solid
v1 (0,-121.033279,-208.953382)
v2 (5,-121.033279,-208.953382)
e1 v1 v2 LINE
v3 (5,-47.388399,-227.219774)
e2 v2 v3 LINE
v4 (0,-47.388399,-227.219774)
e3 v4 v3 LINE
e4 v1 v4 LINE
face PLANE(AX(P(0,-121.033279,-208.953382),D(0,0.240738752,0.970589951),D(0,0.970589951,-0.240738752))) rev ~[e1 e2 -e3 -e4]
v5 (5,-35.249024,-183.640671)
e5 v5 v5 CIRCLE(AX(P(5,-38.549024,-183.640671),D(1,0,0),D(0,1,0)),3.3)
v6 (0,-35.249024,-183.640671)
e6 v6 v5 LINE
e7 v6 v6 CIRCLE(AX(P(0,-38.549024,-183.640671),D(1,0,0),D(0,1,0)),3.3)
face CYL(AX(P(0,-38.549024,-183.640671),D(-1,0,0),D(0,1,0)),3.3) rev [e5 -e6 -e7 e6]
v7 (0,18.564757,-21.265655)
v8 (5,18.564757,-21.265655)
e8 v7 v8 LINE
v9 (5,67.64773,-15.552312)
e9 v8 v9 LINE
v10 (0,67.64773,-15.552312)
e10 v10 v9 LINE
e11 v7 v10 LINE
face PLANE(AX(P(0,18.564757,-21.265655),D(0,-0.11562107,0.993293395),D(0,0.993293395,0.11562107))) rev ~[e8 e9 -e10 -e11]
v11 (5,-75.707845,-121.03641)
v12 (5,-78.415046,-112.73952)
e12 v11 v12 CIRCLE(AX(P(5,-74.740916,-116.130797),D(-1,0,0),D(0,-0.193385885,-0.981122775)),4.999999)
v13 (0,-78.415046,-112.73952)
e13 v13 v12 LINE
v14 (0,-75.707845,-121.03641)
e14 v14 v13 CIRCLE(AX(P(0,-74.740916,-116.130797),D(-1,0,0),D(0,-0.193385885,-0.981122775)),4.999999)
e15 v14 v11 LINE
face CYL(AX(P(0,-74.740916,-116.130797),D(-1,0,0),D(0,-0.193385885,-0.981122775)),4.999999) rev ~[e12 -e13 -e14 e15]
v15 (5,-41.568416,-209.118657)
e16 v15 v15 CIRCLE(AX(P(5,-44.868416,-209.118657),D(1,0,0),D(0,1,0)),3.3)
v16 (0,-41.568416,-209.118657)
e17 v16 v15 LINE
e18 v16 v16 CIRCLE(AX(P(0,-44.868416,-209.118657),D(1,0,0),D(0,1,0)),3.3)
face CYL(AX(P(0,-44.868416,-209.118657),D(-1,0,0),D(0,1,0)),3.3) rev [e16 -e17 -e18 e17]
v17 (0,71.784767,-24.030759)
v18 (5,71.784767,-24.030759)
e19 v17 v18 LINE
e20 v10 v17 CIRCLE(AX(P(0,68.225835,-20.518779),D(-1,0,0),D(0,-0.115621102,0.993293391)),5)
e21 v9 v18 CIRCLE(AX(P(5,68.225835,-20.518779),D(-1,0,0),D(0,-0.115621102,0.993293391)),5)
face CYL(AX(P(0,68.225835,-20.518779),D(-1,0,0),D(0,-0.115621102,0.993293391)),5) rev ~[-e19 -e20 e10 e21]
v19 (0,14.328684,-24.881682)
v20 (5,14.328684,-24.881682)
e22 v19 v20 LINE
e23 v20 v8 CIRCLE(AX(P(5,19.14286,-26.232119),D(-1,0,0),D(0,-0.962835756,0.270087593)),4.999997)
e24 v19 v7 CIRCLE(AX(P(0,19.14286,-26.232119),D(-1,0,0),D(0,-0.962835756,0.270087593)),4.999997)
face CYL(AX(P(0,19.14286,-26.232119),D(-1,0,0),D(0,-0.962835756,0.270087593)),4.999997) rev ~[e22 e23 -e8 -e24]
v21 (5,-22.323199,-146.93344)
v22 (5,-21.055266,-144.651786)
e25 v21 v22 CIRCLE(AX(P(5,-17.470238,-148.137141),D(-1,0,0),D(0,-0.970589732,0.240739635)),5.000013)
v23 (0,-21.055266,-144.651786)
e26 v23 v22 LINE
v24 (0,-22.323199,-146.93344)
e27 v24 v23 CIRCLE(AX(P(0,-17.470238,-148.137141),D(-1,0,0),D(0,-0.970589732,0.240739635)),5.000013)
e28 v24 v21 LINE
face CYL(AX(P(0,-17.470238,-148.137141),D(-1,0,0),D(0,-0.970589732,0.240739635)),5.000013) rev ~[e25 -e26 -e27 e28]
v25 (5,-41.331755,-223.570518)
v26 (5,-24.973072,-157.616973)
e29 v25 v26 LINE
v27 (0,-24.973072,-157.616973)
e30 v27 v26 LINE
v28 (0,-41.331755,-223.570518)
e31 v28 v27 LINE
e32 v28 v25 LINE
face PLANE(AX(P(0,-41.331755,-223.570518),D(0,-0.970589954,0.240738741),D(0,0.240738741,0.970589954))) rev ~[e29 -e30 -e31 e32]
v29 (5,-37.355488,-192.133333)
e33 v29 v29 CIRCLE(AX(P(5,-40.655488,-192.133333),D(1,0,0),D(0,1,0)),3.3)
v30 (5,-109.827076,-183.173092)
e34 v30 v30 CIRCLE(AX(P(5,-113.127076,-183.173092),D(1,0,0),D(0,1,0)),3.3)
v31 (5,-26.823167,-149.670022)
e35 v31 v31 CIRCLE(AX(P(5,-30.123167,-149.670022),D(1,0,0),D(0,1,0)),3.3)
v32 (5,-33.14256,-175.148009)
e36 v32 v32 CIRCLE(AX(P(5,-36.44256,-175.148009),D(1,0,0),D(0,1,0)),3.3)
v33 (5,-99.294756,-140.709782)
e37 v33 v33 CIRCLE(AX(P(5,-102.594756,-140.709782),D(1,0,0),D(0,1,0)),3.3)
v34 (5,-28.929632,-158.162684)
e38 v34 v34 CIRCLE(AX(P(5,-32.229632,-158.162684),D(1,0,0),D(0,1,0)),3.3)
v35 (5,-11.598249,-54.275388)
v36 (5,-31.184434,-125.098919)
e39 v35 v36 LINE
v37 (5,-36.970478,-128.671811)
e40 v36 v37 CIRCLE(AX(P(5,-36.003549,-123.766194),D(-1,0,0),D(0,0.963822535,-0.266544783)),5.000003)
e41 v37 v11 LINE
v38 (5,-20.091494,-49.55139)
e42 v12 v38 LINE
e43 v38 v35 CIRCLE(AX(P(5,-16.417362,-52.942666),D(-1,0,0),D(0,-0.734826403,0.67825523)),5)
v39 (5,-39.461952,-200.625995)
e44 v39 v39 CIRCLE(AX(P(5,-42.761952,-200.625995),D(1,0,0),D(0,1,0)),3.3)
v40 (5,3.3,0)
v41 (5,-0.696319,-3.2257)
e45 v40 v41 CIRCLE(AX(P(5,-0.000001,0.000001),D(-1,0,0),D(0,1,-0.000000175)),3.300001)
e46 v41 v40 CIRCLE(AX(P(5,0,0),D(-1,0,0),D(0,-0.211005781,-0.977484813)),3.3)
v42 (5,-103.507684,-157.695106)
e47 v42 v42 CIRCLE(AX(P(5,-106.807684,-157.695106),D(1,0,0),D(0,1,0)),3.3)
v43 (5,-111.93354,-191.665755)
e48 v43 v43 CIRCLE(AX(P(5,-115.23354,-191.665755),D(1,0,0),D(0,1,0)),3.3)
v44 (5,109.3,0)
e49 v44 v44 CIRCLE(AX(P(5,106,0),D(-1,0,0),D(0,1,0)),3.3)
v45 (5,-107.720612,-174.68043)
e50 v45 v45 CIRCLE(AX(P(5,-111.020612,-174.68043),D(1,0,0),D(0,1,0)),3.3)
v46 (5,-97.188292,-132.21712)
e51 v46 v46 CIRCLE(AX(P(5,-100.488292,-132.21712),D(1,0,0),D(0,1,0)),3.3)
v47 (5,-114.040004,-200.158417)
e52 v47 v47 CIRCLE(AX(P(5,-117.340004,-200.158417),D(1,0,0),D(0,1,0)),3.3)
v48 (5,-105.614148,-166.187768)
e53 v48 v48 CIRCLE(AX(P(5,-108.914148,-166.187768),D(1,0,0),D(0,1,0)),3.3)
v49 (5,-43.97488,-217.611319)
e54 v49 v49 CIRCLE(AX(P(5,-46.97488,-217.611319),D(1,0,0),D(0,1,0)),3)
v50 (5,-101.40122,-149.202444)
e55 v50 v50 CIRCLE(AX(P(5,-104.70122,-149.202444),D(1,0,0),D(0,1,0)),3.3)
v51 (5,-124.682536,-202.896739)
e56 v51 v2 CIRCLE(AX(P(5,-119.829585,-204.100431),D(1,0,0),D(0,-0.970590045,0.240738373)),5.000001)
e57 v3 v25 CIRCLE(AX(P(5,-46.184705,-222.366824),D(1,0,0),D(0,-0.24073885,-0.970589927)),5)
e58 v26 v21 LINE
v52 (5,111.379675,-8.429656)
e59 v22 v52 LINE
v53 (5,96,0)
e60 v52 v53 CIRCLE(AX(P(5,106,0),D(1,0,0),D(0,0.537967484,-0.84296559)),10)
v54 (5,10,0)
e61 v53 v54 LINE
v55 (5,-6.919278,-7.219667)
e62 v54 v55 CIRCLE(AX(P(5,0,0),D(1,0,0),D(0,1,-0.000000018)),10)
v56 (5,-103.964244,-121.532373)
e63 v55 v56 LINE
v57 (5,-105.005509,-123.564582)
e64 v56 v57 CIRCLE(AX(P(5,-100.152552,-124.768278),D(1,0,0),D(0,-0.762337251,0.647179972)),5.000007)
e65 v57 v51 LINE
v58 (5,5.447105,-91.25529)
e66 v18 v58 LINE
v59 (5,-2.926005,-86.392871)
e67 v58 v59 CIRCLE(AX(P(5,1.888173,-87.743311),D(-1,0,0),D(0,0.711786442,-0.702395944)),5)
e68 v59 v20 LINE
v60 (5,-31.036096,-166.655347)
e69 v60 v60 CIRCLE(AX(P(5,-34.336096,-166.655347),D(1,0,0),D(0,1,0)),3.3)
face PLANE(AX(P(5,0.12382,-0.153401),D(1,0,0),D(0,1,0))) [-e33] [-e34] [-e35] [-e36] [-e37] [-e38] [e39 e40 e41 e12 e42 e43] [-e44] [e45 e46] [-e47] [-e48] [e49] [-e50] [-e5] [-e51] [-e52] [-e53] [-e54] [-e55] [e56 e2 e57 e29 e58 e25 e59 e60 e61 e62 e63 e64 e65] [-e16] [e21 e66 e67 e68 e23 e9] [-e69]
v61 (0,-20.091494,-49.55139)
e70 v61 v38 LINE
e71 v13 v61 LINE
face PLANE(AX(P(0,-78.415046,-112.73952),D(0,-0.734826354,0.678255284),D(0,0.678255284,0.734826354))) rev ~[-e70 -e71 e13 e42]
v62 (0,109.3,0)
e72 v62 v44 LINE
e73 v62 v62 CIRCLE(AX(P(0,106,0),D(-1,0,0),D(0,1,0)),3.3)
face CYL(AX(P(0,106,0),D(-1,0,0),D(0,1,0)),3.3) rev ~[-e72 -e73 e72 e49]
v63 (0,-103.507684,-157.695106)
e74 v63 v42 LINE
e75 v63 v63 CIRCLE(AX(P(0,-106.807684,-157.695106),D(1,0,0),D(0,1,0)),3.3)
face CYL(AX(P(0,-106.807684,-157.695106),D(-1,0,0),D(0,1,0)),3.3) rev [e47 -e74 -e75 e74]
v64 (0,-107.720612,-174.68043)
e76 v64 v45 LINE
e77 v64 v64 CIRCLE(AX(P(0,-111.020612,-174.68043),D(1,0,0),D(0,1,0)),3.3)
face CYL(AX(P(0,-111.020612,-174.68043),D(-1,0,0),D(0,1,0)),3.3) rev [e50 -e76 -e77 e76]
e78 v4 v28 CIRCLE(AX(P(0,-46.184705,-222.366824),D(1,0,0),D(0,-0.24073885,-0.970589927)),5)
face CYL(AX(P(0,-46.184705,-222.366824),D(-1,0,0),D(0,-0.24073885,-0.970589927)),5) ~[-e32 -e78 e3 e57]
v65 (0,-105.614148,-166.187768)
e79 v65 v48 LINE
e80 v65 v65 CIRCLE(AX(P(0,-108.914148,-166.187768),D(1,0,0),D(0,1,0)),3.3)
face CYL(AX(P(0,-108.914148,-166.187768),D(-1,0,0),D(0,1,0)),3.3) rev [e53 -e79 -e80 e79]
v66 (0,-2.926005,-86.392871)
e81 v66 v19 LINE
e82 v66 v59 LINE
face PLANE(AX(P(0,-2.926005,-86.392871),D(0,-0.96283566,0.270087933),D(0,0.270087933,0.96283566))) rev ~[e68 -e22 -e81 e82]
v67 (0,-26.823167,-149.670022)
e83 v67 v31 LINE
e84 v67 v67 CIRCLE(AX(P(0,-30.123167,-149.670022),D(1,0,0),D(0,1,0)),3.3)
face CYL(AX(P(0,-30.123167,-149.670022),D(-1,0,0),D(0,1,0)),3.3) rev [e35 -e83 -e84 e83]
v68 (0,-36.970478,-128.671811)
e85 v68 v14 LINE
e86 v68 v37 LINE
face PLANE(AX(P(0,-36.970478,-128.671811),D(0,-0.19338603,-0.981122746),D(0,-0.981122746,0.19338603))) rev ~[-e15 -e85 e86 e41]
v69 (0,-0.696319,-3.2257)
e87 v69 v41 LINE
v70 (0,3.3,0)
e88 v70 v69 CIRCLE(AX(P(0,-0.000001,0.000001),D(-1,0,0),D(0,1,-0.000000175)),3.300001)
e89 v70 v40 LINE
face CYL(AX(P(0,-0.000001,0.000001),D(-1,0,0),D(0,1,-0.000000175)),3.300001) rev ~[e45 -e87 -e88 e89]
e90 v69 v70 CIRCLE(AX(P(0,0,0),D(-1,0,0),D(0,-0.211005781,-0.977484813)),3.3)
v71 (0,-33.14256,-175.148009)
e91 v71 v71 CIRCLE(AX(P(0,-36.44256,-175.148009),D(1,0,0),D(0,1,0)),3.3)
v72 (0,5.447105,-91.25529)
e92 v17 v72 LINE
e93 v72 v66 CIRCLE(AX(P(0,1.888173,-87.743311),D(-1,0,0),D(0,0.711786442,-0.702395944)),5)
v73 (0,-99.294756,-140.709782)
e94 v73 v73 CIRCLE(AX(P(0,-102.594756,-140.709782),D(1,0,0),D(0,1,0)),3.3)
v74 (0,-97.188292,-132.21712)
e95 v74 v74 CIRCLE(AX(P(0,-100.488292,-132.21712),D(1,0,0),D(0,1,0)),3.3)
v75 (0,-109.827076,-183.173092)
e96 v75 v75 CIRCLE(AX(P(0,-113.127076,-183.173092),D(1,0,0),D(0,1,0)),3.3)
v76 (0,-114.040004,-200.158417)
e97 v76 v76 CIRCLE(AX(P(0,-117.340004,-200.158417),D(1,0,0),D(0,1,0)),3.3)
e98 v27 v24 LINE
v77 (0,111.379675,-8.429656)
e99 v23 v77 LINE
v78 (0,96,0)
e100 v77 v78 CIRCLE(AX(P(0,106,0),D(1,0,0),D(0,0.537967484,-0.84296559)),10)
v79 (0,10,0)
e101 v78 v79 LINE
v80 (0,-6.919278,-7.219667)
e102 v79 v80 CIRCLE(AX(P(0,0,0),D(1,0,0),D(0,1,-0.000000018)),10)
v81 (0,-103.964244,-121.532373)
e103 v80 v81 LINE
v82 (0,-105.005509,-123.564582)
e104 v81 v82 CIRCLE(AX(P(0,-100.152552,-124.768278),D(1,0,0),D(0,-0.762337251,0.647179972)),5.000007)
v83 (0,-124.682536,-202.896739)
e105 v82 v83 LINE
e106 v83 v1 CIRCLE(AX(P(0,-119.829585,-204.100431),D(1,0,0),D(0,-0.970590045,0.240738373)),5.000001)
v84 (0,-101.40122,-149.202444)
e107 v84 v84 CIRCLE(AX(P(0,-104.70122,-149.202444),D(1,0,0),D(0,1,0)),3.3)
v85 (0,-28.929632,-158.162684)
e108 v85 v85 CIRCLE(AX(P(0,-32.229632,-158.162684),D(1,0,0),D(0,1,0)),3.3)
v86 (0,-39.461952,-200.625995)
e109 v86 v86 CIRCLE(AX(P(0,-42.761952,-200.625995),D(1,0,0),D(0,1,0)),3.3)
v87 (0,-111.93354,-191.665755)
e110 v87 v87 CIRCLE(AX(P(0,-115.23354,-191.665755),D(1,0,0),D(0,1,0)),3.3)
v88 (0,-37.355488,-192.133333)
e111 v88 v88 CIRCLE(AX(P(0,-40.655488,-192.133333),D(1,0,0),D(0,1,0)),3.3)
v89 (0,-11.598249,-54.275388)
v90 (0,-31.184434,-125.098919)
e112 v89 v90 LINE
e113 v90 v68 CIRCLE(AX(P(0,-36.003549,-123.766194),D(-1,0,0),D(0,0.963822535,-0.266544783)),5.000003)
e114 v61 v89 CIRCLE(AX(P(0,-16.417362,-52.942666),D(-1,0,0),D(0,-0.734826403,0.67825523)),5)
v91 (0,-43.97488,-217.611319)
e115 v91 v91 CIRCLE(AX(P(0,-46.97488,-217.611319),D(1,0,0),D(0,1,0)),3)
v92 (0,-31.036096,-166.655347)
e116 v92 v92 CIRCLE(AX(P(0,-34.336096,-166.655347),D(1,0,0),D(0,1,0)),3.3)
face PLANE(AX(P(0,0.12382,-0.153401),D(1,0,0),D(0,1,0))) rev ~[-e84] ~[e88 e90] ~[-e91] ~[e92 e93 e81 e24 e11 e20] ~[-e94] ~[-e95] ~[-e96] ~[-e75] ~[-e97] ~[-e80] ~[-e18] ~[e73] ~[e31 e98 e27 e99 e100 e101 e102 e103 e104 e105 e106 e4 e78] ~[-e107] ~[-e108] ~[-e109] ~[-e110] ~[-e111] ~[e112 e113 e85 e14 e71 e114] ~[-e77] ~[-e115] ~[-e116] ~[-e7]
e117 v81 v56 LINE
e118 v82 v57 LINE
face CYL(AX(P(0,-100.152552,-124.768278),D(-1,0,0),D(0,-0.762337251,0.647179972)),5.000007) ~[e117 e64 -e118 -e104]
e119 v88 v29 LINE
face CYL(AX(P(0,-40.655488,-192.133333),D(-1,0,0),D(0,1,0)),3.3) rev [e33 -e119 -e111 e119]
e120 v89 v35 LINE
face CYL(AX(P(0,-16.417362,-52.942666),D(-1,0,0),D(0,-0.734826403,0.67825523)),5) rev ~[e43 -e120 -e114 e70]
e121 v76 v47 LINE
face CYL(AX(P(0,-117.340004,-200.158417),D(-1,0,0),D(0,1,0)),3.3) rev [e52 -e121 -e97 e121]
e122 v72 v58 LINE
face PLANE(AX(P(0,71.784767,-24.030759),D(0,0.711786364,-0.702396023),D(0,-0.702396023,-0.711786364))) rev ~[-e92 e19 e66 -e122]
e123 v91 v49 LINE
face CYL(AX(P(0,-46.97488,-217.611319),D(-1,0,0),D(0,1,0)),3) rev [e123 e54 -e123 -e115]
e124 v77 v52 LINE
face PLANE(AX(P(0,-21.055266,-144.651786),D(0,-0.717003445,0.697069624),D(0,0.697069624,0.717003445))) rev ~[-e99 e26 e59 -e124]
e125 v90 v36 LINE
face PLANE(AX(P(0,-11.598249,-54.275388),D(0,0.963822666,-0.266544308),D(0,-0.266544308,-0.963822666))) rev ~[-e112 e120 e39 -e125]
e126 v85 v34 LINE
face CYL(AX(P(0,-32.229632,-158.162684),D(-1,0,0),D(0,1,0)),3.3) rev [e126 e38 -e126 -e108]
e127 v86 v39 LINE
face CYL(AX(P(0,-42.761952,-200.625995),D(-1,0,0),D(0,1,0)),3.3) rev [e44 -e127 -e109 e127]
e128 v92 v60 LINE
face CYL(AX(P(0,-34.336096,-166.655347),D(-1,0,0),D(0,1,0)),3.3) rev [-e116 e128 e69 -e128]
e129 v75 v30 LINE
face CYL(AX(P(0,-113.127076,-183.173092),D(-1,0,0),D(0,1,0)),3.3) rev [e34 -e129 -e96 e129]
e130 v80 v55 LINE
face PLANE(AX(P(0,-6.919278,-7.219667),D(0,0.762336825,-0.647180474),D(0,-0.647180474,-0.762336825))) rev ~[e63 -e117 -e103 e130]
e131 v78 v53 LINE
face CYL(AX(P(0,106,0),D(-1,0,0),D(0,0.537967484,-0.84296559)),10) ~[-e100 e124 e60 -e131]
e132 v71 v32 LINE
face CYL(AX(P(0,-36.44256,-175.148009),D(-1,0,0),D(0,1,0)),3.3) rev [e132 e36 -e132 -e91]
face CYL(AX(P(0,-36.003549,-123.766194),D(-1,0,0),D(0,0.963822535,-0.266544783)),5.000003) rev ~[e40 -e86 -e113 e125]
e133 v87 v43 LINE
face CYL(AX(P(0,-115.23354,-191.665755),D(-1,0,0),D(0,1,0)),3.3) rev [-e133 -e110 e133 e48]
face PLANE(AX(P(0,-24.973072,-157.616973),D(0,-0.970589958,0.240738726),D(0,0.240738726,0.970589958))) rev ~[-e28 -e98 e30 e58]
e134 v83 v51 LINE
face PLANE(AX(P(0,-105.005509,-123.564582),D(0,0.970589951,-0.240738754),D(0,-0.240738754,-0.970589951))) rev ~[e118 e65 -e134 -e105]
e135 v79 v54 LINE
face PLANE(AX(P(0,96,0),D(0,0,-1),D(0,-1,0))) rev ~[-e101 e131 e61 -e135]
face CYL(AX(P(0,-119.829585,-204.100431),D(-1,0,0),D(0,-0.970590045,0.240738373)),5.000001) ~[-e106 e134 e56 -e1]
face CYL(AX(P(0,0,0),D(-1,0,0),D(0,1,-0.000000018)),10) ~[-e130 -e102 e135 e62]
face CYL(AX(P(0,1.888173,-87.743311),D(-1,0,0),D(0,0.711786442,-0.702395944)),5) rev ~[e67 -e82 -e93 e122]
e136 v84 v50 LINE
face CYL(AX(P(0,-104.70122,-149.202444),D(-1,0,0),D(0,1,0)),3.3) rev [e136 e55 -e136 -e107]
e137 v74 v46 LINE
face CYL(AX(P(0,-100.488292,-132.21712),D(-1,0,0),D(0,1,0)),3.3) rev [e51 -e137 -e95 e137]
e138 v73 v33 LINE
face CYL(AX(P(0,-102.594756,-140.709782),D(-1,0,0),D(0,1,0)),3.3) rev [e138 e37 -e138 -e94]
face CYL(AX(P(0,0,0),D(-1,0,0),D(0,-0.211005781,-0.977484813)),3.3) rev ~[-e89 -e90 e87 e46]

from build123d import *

# Parameters (mm, degrees)
F0_R     = 3.3
F0_R_2   = 3
F1_DEPTH = 5


with BuildPart() as f1:
    # F0 (on Right) → F1 (new body)
    with BuildSketch(Plane.YZ):
        with BuildLine():
            ThreePointArc((-0.696319, -3.2257), (2.072697, -2.567864), (3.3, 0))
            ThreePointArc((3.3, 0), (-2.072697, 2.567864), (-0.696319, -3.2257))
        make_face()
        with BuildLine():
            Line((96, 0), (10, 0))
            ThreePointArc((10, 0), (-3.924743, 9.19763), (-6.919278, -7.219667))
            Line((-6.919278, -7.219667), (-103.964244, -121.532373))
            ThreePointArc((-103.964244, -121.532373), (-104.60244, -122.48824), (-105.005509, -123.564582))
            Line((-105.005509, -123.564582), (-124.682536, -202.896739))
            ThreePointArc((-124.682536, -202.896739), (-124.112279, -206.680846), (-121.033279, -208.953382))
            Line((-121.033279, -208.953382), (-47.388399, -227.219774))
            ThreePointArc((-47.388399, -227.219774), (-43.604291, -226.649518), (-41.331755, -223.570518))
            Line((-41.331755, -223.570518), (-24.973072, -157.616973))
            Line((-24.973072, -157.616973), (-22.323199, -146.93344))
            ThreePointArc((-22.323199, -146.93344), (-21.840753, -145.708412), (-21.055266, -144.651786))
            Line((-21.055266, -144.651786), (111.379675, -8.429656))
            ThreePointArc((111.379675, -8.429656), (110.806415, 8.769172), (96, 0))
        make_face()
        with Locations((-117.340004, -200.158417)):
            Circle(F0_R, mode=Mode.SUBTRACT)
        with Locations((-115.23354, -191.665755)):
            Circle(F0_R, mode=Mode.SUBTRACT)
        with Locations((-113.127076, -183.173092)):
            Circle(F0_R, mode=Mode.SUBTRACT)
        with Locations((-111.020612, -174.68043)):
            Circle(F0_R, mode=Mode.SUBTRACT)
        with Locations((-46.97488, -217.611319)):
            Circle(F0_R_2, mode=Mode.SUBTRACT)
        with Locations((-44.868416, -209.118657)):
            Circle(F0_R, mode=Mode.SUBTRACT)
        with Locations((-42.761952, -200.625995)):
            Circle(F0_R, mode=Mode.SUBTRACT)
        with Locations((-40.655488, -192.133333)):
            Circle(F0_R, mode=Mode.SUBTRACT)
        with Locations((-38.549024, -183.640671)):
            Circle(F0_R, mode=Mode.SUBTRACT)
        with Locations((-36.44256, -175.148009)):
            Circle(F0_R, mode=Mode.SUBTRACT)
        with Locations((-108.914148, -166.187768)):
            Circle(F0_R, mode=Mode.SUBTRACT)
        with Locations((-106.807684, -157.695106)):
            Circle(F0_R, mode=Mode.SUBTRACT)
        with Locations((-104.70122, -149.202444)):
            Circle(F0_R, mode=Mode.SUBTRACT)
        with Locations((-102.594756, -140.709782)):
            Circle(F0_R, mode=Mode.SUBTRACT)
        with Locations((-100.488292, -132.21712)):
            Circle(F0_R, mode=Mode.SUBTRACT)
        with Locations((-34.336096, -166.655347)):
            Circle(F0_R, mode=Mode.SUBTRACT)
        with Locations((-32.229632, -158.162684)):
            Circle(F0_R, mode=Mode.SUBTRACT)
        with Locations((-30.123167, -149.670022)):
            Circle(F0_R, mode=Mode.SUBTRACT)
        with BuildLine():
            Line((-11.598249, -54.275388), (-31.184434, -125.098919))
            ThreePointArc((-31.184434, -125.098919), (-33.376531, -128.020463), (-36.970478, -128.671811))
            Line((-36.970478, -128.671811), (-75.707845, -121.03641))
            ThreePointArc((-75.707845, -121.03641), (-79.494278, -117.681777), (-78.415046, -112.73952))
            Line((-78.415046, -112.73952), (-20.091494, -49.55139))
            ThreePointArc((-20.091494, -49.55139), (-13.986974, -48.573088), (-11.598249, -54.275388))
        make_face(mode=Mode.SUBTRACT)
        with BuildLine():
            ThreePointArc((5.447105, -91.25529), (-0.622742, -92.067117), (-2.926005, -86.392871))
            Line((-2.926005, -86.392871), (14.328684, -24.881682))
            ThreePointArc((14.328684, -24.881682), (15.896619, -22.42924), (18.564757, -21.265655))
            Line((18.564757, -21.265655), (67.64773, -15.552312))
            ThreePointArc((67.64773, -15.552312), (72.719425, -18.326143), (71.784767, -24.030759))
            Line((71.784767, -24.030759), (5.447105, -91.25529))
        make_face(mode=Mode.SUBTRACT)
        with BuildLine():
            ThreePointArc((-0.696319, -3.2257), (-2.072697, 2.567864), (3.3, 0))
            ThreePointArc((3.3, 0), (2.072697, -2.567864), (-0.696319, -3.2257))
        make_face(mode=Mode.SUBTRACT)
        with BuildLine():
            ThreePointArc((102.7, 0), (106, 3.3), (109.3, 0))
            ThreePointArc((109.3, 0), (106, -3.3), (102.7, 0))
        make_face(mode=Mode.SUBTRACT)
    extrude(amount=F1_DEPTH)


solid = f1.part
